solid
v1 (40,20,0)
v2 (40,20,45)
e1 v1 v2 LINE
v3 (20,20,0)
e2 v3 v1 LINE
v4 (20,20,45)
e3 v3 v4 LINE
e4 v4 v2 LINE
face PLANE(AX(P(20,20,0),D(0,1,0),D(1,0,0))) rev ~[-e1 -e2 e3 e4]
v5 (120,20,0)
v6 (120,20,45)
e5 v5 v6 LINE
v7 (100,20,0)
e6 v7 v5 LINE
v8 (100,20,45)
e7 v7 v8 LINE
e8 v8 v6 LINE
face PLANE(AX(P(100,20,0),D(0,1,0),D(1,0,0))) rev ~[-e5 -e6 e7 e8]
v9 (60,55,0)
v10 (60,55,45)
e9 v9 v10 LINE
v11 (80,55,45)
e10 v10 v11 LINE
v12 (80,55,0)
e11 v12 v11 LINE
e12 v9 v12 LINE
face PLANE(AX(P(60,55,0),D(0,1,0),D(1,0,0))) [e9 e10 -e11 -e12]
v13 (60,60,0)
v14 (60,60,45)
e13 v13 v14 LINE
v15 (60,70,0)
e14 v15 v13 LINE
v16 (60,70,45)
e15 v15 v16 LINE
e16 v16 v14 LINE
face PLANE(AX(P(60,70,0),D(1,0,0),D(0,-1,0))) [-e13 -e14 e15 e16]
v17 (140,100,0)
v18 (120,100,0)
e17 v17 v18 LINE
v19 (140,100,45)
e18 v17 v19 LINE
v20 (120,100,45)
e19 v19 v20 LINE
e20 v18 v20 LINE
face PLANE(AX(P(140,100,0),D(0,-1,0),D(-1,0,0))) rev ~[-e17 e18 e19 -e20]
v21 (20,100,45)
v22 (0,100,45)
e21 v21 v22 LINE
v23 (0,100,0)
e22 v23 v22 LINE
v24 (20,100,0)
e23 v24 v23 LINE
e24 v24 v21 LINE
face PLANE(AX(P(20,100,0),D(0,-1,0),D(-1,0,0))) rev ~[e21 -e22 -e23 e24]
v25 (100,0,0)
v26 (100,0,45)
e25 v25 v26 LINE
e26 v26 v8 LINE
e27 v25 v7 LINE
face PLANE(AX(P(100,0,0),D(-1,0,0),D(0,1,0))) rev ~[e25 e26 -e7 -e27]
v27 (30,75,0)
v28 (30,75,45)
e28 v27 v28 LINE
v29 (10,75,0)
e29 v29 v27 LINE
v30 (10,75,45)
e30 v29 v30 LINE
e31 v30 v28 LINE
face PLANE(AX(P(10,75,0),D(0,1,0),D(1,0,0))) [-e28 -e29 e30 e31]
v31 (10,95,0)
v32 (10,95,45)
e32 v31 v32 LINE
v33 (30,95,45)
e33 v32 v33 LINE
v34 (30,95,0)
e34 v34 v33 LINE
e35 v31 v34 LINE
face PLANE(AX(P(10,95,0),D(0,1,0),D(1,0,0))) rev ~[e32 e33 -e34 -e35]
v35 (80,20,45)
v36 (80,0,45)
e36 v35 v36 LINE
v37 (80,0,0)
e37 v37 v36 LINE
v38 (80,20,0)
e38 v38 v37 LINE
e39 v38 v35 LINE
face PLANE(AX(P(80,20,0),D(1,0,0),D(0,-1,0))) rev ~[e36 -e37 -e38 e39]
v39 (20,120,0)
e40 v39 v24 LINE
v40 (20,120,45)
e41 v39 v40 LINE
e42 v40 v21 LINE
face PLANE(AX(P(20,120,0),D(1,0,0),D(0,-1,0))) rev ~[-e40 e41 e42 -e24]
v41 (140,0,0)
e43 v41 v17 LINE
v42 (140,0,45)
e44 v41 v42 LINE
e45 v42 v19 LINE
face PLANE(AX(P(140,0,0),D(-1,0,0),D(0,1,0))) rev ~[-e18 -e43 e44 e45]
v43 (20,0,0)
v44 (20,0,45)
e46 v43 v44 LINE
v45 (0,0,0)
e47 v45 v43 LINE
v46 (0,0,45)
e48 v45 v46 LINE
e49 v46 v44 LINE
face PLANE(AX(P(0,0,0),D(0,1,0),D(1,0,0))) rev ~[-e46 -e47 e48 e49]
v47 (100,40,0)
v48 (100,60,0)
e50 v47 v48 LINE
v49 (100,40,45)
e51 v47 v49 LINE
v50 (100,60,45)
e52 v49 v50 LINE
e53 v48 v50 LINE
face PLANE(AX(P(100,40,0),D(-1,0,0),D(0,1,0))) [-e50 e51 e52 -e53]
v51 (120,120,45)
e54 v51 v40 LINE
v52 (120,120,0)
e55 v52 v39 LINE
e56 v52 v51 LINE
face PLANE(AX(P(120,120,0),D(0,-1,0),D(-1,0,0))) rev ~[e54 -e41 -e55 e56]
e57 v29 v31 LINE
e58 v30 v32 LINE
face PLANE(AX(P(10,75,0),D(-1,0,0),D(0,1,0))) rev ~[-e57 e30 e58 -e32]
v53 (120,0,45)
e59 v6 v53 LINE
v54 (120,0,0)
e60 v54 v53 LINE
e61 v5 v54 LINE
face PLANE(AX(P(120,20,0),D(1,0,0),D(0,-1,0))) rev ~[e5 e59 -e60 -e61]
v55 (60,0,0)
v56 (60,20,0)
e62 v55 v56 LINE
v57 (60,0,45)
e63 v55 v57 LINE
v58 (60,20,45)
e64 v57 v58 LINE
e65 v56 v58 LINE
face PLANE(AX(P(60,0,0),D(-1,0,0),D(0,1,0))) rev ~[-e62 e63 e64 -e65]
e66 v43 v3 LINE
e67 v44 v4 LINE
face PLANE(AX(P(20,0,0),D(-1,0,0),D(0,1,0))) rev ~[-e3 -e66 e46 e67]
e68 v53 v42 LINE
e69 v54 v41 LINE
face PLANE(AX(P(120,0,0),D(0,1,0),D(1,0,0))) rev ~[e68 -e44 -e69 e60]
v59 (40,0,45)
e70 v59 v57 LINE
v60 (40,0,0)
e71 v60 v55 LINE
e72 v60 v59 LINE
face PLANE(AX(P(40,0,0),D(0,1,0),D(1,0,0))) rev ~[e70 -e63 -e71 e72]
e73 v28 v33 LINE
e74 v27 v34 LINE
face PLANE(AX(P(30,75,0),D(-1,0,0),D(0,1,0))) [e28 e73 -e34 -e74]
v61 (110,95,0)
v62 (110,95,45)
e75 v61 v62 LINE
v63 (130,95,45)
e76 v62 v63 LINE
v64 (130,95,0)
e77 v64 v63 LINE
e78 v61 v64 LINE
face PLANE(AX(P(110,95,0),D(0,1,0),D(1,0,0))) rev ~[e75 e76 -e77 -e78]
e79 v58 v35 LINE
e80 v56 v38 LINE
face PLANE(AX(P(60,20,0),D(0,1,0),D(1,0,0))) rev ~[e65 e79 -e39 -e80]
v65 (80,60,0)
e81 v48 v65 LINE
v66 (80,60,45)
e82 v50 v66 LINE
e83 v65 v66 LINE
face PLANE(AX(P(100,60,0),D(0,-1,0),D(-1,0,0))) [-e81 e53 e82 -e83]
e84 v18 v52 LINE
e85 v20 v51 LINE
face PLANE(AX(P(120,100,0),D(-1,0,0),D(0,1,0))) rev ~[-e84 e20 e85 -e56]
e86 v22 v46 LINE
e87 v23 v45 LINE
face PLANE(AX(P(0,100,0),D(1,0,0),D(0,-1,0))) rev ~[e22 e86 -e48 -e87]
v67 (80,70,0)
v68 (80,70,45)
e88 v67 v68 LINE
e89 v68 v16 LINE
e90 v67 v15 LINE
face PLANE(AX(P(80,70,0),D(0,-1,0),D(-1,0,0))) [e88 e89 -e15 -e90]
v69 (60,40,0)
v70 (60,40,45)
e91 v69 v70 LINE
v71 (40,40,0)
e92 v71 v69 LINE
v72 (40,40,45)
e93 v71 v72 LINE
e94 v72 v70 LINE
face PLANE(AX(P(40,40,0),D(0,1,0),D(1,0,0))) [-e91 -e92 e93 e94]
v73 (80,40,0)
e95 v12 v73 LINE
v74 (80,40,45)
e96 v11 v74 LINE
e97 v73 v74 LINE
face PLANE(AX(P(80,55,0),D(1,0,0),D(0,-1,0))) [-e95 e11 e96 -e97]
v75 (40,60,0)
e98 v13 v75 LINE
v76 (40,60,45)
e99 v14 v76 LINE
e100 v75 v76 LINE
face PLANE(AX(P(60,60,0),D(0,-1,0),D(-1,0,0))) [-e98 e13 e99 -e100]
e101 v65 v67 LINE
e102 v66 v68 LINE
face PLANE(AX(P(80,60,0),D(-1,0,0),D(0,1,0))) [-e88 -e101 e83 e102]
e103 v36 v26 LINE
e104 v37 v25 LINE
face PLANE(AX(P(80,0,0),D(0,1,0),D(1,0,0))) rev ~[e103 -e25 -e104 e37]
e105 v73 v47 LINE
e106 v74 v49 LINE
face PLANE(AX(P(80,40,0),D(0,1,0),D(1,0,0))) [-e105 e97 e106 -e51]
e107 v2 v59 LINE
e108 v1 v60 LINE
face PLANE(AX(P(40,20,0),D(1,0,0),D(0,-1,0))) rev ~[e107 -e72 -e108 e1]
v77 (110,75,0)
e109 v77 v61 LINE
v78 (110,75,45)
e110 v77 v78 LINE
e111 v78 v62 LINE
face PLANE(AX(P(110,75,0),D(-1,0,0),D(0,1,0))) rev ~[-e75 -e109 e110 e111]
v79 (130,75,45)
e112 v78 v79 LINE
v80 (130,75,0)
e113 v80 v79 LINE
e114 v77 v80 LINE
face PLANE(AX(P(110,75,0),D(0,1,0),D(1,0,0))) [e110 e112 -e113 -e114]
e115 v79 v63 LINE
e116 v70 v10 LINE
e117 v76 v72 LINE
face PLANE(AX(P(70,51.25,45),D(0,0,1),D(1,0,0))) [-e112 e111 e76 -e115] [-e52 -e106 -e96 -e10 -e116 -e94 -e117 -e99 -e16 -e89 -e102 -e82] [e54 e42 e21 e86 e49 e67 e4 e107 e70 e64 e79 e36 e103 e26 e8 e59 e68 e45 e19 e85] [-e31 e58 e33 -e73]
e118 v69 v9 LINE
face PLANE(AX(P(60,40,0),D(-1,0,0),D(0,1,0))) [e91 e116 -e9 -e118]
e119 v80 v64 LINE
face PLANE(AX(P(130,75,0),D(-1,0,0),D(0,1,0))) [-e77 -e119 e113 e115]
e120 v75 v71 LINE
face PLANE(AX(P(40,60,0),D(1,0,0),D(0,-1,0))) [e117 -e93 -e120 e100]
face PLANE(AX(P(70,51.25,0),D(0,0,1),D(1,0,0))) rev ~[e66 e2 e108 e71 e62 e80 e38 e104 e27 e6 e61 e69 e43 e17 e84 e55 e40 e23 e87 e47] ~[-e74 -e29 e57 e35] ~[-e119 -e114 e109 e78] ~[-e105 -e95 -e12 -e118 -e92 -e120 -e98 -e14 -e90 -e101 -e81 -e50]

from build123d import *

# Parameters (mm, degrees)
SKETCH1_W      = 20
SKETCH1_H      = 20
EXTRUDE1_DEPTH = 45


with BuildPart() as part:
    # Sketch1 → Extrude1 (new body)
    with BuildSketch(Plane.XY):
        Polygon((20, 0), (20, 20), (40, 20), (40, 0), (60, 0), (60, 20), (80, 20), (80, 0), (100, 0), (100, 20), (120, 20), (120, 0), (140, 0), (140, 100), (120, 100), (120, 120), (20, 120), (20, 100), (0, 100), (0, 0), align=None)
        with Locations((20, 85)):
            Rectangle(SKETCH1_W, SKETCH1_H, mode=Mode.SUBTRACT)
        with Locations((120, 85)):
            Rectangle(SKETCH1_W, SKETCH1_H, mode=Mode.SUBTRACT)
        Polygon((40, 40), (60, 40), (60, 55), (80, 55), (80, 40), (100, 40), (100, 60), (80, 60), (80, 70), (60, 70), (60, 60), (40, 60), align=None, mode=Mode.SUBTRACT)
    extrude(amount=EXTRUDE1_DEPTH)


solid = part.part
